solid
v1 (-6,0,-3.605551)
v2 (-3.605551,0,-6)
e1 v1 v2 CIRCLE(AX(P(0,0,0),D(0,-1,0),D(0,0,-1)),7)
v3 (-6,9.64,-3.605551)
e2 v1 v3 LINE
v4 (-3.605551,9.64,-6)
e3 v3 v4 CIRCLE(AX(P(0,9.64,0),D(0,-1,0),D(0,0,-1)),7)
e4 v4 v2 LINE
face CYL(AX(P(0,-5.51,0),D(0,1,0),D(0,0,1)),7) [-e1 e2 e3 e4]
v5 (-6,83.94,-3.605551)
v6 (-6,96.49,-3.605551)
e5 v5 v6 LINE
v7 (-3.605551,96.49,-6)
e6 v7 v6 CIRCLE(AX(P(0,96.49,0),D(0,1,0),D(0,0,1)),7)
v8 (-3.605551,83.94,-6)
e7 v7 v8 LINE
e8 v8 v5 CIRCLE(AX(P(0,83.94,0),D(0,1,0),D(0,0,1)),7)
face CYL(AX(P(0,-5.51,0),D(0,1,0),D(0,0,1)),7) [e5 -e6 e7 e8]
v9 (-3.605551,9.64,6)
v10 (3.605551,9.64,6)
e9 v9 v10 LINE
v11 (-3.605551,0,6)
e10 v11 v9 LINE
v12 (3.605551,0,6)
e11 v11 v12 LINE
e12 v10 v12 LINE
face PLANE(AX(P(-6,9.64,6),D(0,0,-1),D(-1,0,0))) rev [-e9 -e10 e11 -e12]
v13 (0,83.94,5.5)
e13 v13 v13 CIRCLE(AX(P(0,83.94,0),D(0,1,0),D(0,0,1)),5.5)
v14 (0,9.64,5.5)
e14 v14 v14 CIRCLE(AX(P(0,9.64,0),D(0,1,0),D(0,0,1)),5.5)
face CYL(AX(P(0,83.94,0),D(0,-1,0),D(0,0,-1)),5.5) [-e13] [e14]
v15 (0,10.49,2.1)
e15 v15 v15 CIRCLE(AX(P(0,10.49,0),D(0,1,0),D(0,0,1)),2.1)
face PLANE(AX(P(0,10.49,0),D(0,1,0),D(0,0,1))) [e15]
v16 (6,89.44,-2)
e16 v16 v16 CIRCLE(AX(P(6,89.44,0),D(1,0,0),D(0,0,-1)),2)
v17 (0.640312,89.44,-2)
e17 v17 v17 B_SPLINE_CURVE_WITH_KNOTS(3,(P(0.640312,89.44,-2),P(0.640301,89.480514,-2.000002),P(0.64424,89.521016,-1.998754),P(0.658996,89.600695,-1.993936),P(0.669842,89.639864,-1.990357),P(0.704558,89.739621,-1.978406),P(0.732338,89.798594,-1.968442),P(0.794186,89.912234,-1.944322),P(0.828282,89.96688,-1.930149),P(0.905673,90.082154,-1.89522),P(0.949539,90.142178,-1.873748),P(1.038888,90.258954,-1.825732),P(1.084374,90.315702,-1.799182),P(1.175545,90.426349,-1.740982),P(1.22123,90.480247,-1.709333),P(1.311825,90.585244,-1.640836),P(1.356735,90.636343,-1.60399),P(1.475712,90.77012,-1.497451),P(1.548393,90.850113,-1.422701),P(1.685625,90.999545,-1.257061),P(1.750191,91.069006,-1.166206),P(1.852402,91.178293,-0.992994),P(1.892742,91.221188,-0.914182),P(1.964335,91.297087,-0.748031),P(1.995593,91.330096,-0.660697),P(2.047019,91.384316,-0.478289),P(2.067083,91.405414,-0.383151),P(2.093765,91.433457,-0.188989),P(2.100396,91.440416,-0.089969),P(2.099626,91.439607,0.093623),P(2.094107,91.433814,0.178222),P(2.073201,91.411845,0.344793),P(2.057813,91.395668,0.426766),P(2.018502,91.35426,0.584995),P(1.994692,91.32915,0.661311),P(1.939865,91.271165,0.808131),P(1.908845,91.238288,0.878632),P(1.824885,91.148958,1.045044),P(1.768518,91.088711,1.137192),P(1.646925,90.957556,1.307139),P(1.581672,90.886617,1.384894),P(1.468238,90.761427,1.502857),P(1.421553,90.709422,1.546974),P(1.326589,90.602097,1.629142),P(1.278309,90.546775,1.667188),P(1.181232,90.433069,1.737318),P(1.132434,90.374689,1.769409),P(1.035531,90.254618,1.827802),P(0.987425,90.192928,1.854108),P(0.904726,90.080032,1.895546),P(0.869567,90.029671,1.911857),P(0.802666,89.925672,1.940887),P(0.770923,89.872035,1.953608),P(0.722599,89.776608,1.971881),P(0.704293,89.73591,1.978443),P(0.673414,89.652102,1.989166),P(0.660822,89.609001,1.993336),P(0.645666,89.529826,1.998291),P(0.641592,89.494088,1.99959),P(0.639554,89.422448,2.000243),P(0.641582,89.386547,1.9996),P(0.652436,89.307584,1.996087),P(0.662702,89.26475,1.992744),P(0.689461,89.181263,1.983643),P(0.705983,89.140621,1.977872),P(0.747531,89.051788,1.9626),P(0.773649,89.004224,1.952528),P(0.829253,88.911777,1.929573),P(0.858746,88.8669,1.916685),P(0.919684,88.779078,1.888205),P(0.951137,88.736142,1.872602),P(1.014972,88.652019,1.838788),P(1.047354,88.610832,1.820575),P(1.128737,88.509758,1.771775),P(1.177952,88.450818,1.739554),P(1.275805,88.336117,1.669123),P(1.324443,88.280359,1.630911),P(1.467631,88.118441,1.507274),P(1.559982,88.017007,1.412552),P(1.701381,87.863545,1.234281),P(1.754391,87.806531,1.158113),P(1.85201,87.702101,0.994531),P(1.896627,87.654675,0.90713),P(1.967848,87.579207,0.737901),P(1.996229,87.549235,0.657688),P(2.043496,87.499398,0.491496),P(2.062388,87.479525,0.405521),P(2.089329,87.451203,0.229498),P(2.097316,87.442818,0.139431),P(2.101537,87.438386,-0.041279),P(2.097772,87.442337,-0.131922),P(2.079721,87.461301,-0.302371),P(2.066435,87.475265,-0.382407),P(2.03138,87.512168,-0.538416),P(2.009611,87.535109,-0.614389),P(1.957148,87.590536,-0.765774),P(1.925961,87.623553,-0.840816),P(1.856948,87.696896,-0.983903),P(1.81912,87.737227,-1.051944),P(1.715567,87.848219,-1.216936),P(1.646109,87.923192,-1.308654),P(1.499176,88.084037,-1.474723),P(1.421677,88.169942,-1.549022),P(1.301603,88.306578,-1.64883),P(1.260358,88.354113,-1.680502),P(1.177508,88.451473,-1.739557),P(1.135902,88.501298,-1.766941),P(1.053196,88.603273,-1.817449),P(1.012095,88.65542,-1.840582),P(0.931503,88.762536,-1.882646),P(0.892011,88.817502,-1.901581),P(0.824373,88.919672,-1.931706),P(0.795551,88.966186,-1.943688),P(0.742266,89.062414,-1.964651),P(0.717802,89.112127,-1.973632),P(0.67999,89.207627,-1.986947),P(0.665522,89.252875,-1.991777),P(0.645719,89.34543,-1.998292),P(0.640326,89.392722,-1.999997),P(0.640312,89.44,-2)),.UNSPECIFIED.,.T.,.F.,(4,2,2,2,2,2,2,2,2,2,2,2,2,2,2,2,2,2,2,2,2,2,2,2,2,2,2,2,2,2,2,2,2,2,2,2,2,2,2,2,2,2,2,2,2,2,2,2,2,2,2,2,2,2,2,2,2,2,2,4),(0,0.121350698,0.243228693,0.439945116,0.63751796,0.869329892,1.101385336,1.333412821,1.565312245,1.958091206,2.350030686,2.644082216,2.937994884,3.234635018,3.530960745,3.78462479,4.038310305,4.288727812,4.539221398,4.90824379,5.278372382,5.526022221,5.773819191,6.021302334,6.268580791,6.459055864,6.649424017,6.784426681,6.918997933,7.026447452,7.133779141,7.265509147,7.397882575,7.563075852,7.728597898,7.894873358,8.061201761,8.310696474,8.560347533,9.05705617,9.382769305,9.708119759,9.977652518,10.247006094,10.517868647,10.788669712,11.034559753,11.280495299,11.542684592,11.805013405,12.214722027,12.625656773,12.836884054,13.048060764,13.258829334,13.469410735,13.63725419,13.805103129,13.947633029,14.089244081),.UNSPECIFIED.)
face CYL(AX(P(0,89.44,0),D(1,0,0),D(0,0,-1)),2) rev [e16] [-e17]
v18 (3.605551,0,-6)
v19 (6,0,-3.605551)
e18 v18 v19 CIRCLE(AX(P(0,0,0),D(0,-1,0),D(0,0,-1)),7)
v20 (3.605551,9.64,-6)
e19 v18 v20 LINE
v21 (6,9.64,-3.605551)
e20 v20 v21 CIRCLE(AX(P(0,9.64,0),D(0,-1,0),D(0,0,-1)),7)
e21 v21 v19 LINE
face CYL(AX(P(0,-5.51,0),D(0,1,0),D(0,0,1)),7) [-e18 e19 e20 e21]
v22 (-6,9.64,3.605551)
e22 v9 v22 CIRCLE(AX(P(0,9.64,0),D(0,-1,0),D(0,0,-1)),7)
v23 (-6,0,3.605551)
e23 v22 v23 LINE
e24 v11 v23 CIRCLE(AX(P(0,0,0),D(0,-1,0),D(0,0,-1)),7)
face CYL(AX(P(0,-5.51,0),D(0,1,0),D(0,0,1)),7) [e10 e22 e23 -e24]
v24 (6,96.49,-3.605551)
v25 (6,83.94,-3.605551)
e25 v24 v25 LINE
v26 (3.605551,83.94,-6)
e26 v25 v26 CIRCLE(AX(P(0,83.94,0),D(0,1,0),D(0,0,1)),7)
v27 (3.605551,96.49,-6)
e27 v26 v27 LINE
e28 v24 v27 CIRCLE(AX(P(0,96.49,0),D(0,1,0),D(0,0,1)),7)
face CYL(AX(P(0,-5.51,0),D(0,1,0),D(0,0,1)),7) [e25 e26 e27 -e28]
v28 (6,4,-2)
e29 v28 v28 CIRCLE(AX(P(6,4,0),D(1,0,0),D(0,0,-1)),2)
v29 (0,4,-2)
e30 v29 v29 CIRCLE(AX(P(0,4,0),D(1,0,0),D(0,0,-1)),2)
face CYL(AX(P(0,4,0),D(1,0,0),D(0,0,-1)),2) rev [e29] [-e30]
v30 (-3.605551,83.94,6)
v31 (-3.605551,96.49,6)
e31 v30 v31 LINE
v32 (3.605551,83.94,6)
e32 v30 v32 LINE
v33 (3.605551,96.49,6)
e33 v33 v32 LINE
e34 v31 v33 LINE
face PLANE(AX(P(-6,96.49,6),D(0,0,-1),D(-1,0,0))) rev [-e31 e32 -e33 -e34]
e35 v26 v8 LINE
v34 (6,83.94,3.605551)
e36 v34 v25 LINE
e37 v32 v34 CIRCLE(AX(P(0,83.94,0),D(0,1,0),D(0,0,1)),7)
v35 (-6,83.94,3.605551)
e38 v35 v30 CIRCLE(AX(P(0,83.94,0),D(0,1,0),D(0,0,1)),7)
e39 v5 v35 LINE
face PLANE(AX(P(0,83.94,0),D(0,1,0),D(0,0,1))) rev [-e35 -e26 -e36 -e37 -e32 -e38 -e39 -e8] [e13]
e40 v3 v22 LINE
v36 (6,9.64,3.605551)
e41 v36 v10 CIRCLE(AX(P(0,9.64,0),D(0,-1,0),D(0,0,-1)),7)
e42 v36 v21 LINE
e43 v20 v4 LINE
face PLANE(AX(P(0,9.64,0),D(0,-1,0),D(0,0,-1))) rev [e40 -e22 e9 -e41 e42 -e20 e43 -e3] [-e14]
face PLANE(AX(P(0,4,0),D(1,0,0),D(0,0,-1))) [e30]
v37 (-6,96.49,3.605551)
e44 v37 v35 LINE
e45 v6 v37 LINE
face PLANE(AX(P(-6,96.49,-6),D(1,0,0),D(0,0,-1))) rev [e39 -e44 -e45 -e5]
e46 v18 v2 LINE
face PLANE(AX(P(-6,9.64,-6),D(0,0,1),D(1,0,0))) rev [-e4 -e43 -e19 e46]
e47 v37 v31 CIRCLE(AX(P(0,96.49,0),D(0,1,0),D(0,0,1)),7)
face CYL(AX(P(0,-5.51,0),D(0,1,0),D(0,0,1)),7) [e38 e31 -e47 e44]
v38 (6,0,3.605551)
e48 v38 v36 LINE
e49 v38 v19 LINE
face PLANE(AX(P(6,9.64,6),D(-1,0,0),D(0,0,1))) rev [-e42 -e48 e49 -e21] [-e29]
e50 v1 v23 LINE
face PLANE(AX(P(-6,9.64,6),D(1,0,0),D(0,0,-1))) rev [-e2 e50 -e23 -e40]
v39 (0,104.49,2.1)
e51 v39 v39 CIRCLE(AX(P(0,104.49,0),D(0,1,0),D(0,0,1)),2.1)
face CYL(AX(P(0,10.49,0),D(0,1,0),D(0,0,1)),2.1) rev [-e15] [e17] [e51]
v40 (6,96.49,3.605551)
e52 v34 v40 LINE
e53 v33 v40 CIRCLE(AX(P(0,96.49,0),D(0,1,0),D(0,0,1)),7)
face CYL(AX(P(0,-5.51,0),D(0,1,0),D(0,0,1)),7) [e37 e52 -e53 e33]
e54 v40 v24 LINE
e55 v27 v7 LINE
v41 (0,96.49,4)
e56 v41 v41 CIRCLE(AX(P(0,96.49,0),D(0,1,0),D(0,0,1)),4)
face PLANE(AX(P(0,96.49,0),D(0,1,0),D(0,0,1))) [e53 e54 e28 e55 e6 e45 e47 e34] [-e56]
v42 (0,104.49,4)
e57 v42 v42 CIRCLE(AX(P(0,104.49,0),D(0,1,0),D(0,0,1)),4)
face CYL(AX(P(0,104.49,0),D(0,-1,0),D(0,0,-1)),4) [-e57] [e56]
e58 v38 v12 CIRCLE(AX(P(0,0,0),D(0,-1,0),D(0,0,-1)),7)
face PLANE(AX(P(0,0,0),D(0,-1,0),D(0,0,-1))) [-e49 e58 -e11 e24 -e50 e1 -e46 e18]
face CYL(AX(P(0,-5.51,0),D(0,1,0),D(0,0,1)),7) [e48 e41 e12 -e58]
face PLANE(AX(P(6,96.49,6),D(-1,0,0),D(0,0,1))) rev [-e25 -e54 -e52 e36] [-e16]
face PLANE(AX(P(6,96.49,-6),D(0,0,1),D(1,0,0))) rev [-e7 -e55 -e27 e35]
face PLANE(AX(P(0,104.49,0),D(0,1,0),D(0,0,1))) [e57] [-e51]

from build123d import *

# Parameters (mm, degrees)
SKETCH_1_W          = 12
SKETCH_1_H          = 12
EXTRUDE_1_DEPTH     = 9.64
SKETCH_2_R          = 5.5
EXTRUDE_2_DEPTH     = 74.3
SKETCH_3_W          = 12
SKETCH_3_H          = 12
EXTRUDE_3_DEPTH     = 12.55
SKETCH_4_R          = 4
EXTRUDE_4_DEPTH     = 8
SKETCH_5_R          = 2.1
CUT_EXTRUDE_1_DEPTH = 94
SKETCH_6_R          = 10.507277245
SKETCH_6_R_2        = 7
CUT_EXTRUDE_2_DEPTH = 102
SKETCH_7_R          = 2
CUT_EXTRUDE_3_DEPTH = 6


with BuildPart() as part:
    # 草图1 → 凸台-拉伸1 (new body)
    with BuildSketch(Plane(origin=(0, 0, 0), x_dir=(1, 0, 0), z_dir=(0, 1, 0))):
        Rectangle(SKETCH_1_W, SKETCH_1_H)
    extrude(amount=EXTRUDE_1_DEPTH)

    # 草图2 → 凸台-拉伸2 (add)
    with BuildSketch(Plane(origin=(0, 9.64, 0), x_dir=(1, 0, 0), z_dir=(0, 1, 0))):
        Circle(SKETCH_2_R)
    extrude(amount=EXTRUDE_2_DEPTH)

    # 草图3 → 凸台-拉伸3 (add)
    with BuildSketch(Plane(origin=(0, 83.94, 0), x_dir=(1, 0, 0), z_dir=(0, 1, 0))):
        Rectangle(SKETCH_3_W, SKETCH_3_H)
    extrude(amount=EXTRUDE_3_DEPTH)

    # 草图4 → 凸台-拉伸4 (add)
    with BuildSketch(Plane(origin=(0, 96.49, 0), x_dir=(1, 0, 0), z_dir=(0, 1, 0))):
        Circle(SKETCH_4_R)
    extrude(amount=EXTRUDE_4_DEPTH)

    # 草图5 → 切除-拉伸1 (cut)
    with BuildSketch(Plane(origin=(0, 104.49, 0), x_dir=(1, 0, 0), z_dir=(0, 1, 0))):
        Circle(SKETCH_5_R)
    extrude(amount=-CUT_EXTRUDE_1_DEPTH, mode=Mode.SUBTRACT)

    # 草图6 → 切除-拉伸2 (cut)
    with BuildSketch(Plane(origin=(0, 96.49, 0), x_dir=(1, 0, 0), z_dir=(0, 1, 0))):
        Circle(SKETCH_6_R)
        Circle(SKETCH_6_R_2, mode=Mode.SUBTRACT)
    extrude(amount=-CUT_EXTRUDE_2_DEPTH, mode=Mode.SUBTRACT)

    # 草图7 → 切除-拉伸3 (cut)
    with BuildSketch(Plane(origin=(6, 0, 0), x_dir=(0, 0, -1), z_dir=(1, 0, 0))):
        with Locations((0, 4)):
            Circle(SKETCH_7_R)
        with Locations((0, 89.44)):
            Circle(SKETCH_7_R)
    extrude(amount=-CUT_EXTRUDE_3_DEPTH, mode=Mode.SUBTRACT)


solid = part.part
